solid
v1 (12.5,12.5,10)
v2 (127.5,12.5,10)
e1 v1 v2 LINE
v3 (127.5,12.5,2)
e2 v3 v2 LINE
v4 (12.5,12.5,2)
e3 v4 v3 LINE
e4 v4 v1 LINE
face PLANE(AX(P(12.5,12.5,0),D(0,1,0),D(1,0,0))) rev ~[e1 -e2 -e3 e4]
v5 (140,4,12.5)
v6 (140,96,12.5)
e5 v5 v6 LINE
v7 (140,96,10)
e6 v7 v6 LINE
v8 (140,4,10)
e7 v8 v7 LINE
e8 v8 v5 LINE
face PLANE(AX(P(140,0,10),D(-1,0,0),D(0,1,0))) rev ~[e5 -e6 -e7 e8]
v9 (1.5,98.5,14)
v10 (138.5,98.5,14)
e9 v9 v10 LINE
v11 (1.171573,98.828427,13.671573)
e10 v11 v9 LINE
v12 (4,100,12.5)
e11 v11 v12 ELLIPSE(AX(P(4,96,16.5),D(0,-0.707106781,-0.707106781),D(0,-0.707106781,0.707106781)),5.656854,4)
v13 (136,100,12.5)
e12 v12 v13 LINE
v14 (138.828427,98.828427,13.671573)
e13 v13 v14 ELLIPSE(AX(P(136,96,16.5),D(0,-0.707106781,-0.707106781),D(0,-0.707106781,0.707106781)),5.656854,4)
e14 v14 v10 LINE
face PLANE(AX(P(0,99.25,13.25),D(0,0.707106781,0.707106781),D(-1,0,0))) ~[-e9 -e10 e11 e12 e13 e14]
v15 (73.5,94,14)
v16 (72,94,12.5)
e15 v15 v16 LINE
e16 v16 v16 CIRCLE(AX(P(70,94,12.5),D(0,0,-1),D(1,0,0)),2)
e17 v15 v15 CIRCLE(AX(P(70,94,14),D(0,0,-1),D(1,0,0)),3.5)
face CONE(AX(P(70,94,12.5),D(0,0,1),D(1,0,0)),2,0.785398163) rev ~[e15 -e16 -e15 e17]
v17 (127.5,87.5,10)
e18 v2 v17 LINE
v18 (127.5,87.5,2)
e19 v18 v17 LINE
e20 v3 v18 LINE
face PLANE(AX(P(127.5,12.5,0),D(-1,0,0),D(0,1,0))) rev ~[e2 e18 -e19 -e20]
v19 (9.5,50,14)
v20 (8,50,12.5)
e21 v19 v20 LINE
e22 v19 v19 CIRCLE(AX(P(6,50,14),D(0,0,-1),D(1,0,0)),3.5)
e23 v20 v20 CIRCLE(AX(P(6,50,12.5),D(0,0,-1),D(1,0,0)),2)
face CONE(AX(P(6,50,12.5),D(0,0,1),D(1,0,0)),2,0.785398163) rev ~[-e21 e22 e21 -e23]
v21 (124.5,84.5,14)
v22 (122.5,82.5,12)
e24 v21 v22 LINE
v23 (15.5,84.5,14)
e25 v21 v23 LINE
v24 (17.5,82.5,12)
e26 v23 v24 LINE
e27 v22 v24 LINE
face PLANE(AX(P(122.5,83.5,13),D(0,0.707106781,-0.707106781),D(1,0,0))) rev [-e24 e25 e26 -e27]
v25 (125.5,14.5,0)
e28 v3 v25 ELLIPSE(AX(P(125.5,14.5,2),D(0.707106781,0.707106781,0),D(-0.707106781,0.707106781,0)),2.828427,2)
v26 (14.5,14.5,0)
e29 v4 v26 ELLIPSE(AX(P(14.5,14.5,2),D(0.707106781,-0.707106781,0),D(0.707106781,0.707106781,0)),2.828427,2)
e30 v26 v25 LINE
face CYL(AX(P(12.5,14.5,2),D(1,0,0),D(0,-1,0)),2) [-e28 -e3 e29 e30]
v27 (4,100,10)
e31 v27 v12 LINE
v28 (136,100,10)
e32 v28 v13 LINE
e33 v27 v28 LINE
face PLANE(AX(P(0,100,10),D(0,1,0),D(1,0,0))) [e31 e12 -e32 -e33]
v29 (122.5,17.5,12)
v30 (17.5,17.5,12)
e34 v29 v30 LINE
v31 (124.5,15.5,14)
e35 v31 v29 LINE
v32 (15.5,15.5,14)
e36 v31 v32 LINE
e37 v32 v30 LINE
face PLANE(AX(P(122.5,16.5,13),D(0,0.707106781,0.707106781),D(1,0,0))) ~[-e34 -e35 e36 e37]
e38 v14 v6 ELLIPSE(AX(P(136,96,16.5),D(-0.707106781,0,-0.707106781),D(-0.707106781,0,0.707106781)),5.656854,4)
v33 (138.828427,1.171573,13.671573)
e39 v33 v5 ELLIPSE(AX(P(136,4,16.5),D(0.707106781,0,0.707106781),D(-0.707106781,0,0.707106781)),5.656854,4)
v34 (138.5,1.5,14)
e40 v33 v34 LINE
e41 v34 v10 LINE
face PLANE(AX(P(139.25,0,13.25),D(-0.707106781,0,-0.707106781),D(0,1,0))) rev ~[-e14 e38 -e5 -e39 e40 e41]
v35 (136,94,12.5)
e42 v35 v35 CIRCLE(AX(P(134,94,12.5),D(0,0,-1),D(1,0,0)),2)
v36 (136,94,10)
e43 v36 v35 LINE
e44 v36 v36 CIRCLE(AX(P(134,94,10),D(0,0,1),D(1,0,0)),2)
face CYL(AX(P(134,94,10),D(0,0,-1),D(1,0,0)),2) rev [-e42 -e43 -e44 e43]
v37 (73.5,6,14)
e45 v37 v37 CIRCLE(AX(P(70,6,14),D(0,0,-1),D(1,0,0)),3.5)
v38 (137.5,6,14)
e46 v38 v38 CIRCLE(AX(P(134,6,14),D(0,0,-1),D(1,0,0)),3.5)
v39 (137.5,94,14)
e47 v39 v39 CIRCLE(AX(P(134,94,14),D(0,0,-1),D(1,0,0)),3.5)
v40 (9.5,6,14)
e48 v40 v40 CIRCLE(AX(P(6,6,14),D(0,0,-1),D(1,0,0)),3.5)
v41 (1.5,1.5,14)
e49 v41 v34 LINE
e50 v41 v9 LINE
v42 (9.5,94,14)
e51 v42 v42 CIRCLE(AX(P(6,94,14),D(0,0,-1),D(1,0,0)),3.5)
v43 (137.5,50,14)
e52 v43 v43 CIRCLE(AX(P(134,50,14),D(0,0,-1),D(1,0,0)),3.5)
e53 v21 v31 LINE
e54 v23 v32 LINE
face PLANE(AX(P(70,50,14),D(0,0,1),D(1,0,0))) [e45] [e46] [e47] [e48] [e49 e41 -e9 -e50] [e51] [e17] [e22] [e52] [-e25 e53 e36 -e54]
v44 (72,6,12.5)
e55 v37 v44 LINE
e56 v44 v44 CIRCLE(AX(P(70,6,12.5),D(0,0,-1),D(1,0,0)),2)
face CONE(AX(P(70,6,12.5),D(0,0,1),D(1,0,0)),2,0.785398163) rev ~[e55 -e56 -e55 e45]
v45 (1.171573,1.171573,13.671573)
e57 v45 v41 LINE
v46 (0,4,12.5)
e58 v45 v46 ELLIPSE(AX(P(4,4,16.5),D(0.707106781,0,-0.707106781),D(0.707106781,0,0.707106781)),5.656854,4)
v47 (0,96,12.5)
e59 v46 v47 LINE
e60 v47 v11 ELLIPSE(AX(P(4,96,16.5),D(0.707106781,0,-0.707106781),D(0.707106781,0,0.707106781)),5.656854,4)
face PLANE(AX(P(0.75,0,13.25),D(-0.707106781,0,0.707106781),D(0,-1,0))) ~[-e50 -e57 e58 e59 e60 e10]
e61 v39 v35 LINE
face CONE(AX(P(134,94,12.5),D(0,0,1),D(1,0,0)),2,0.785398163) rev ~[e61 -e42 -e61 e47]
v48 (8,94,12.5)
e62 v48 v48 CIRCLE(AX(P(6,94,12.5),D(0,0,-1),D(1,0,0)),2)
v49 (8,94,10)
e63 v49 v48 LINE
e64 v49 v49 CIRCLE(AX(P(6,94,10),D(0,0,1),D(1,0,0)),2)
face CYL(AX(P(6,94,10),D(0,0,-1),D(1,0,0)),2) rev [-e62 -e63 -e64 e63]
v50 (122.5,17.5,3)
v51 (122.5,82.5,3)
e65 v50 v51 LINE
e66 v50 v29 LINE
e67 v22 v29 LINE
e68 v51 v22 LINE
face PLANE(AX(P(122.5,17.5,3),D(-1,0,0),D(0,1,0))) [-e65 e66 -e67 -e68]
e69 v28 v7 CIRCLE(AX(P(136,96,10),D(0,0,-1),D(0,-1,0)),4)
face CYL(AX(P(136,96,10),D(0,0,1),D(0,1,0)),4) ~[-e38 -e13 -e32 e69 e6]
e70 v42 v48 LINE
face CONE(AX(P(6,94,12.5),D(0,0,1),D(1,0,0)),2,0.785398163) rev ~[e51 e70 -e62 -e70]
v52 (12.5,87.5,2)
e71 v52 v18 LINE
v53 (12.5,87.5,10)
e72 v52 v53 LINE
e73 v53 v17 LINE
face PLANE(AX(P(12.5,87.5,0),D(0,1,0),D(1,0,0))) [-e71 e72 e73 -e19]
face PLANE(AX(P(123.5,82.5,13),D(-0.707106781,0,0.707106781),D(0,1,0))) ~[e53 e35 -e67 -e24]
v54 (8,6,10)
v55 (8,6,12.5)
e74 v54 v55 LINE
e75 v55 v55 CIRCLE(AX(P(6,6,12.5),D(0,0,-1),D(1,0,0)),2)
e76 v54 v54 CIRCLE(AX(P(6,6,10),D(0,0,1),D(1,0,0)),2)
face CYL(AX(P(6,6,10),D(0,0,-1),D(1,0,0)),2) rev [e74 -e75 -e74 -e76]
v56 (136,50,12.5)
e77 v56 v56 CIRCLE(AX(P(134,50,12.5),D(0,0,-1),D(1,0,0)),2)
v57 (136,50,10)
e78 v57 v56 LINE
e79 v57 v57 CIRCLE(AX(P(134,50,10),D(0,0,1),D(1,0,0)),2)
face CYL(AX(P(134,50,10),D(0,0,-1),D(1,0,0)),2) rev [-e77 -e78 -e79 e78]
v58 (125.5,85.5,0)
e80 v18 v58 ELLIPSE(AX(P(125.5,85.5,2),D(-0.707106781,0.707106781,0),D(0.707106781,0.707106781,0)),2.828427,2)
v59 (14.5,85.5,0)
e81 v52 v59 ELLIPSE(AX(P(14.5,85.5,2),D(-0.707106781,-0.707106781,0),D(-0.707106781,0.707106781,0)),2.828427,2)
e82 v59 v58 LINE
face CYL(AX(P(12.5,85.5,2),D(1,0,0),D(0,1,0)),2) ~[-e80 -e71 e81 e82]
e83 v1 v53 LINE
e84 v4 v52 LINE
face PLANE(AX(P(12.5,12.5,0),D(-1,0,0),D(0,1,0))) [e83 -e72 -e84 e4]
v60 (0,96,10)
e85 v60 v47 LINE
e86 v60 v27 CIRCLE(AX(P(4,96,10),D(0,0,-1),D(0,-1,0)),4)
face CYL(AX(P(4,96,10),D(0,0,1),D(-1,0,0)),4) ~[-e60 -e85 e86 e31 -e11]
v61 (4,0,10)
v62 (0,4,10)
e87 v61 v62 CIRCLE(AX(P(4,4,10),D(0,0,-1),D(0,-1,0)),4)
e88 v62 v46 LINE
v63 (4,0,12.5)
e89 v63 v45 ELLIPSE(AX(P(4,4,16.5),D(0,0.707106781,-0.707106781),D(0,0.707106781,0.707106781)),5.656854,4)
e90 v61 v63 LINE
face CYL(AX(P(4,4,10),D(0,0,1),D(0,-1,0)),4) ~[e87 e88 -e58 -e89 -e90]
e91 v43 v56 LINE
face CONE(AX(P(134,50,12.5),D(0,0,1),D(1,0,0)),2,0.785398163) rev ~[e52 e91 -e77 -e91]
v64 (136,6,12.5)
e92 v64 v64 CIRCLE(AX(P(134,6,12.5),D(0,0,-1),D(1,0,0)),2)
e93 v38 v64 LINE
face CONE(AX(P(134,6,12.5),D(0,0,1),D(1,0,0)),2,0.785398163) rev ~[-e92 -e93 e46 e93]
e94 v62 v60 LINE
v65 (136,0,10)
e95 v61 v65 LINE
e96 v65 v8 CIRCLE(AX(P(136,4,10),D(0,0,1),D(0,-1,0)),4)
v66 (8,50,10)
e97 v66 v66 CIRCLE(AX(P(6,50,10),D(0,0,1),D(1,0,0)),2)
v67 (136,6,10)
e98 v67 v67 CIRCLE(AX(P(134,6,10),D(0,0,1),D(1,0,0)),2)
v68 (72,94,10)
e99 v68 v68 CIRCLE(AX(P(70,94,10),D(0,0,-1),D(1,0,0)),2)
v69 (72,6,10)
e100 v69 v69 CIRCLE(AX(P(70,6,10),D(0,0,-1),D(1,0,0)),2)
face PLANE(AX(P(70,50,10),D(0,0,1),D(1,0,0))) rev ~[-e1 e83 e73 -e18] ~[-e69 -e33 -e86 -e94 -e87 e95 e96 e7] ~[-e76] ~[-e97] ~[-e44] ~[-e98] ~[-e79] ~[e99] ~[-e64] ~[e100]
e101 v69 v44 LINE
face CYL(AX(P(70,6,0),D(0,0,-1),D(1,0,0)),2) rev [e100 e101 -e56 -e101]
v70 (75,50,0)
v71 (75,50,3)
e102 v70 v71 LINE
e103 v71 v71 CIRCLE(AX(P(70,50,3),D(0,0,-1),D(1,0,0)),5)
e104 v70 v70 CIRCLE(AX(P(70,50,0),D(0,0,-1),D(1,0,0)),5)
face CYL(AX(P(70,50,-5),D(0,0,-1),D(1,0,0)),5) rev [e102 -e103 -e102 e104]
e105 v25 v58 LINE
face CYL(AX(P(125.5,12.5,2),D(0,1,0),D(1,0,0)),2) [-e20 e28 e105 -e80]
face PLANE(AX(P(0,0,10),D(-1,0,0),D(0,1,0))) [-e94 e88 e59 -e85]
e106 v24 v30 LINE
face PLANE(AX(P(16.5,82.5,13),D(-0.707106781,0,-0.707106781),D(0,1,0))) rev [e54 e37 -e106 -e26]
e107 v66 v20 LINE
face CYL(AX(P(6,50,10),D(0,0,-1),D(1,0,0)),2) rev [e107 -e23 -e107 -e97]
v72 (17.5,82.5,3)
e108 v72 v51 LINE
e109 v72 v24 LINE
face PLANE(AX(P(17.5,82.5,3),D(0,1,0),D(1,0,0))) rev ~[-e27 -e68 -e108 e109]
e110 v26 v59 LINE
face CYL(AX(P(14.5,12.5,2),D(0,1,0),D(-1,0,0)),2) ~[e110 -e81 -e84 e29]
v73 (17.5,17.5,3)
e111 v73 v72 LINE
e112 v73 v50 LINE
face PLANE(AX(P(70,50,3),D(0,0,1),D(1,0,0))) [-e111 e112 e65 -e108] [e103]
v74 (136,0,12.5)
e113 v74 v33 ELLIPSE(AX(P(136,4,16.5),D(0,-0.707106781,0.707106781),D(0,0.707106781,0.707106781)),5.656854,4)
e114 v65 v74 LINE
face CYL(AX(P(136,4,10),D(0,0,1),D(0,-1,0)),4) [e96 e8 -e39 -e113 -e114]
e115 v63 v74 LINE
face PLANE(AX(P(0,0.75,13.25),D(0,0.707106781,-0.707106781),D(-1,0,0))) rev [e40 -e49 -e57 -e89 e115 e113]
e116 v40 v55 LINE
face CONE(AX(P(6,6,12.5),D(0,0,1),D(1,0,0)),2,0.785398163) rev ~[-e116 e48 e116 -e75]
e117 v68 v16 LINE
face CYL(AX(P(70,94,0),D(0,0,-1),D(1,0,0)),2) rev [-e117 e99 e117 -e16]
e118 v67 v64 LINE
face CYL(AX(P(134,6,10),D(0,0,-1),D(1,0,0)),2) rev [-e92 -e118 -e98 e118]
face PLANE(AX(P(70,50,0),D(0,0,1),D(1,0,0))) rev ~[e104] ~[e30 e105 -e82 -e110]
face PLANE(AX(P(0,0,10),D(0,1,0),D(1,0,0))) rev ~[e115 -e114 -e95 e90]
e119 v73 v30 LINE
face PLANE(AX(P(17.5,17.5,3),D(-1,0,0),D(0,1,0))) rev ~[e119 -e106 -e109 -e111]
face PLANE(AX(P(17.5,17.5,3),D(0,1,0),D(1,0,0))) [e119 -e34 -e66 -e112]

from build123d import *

# Parameters (mm, degrees)
CYLINDER008_R     = 2
CYLINDER008_DEPTH = 20
CYLINDER007_R     = 2
CYLINDER007_DEPTH = 20
CYLINDER006_R     = 5
CYLINDER006_DEPTH = 20
BOX002_W          = 105
BOX002_H          = 65
BOX002_DEPTH      = 20
BOX001_W          = 115
BOX001_H          = 75
BOX001_DEPTH      = 10
FILLET_R          = 2
CYLINDER003_R     = 2
CYLINDER003_DEPTH = 10
CYLINDER002_R     = 2
CYLINDER002_DEPTH = 10
CYLINDER004_R     = 2
CYLINDER004_DEPTH = 10
CYLINDER005_R     = 2
CYLINDER005_DEPTH = 10
CYLINDER001_R     = 2
CYLINDER001_DEPTH = 10
CYLINDER_R        = 2
CYLINDER_DEPTH    = 10
BOX_W             = 140
BOX_H             = 100
BOX_DEPTH         = 4
CHAMFER_SIZE      = 1.5
CHAMFER001_SIZE   = 2
FILLET001_R       = 4
FILLET002_R       = 4
CHAMFER002_SIZE   = 1.5


with BuildPart() as cylinder008:
    # Cylinder008 → Cylinder008 (new body)
    with BuildSketch(Plane(origin=(70, 6, 0), x_dir=(1, 0, 0), z_dir=(0, 0, 1))):
        Circle(CYLINDER008_R)
    extrude(amount=CYLINDER008_DEPTH)


with BuildPart() as cylinder007:
    # Cylinder007 → Cylinder007 (new body)
    with BuildSketch(Plane(origin=(70, 94, 0), x_dir=(1, 0, 0), z_dir=(0, 0, 1))):
        Circle(CYLINDER007_R)
    extrude(amount=CYLINDER007_DEPTH)


with BuildPart() as cylinder006:
    # Cylinder006 → Cylinder006 (new body)
    with BuildSketch(Plane(origin=(70, 50, -5), x_dir=(1, 0, 0), z_dir=(0, 0, 1))):
        Circle(CYLINDER006_R)
    extrude(amount=CYLINDER006_DEPTH)


with BuildPart() as cube002:
    # Box002 → Box002 (new body)
    with BuildSketch(Plane(origin=(17.5, 17.5, 3), x_dir=(1, 0, 0), z_dir=(0, 0, 1))):
        with Locations((52.5, 32.5)):
            Rectangle(BOX002_W, BOX002_H)
    extrude(amount=BOX002_DEPTH)


with BuildPart() as fillet_body:
    # Box001 → Box001 (new body)
    with BuildSketch(Plane(origin=(12.5, 12.5, 0), x_dir=(1, 0, 0), z_dir=(0, 0, 1))):
        with Locations((57.5, 37.5)):
            Rectangle(BOX001_W, BOX001_H)
    extrude(amount=BOX001_DEPTH)

    # Fillet
    fillet_edges = [fillet_body.edges().sort_by_distance(p)[0] for p in [
        (12.5, 50, 0),
        (127.5, 50, 0),
        (70, 12.5, 0),
        (70, 87.5, 0),
    ]]
    fillet(fillet_edges, radius=FILLET_R)


with BuildPart() as cylinder003:
    # Cylinder003 → Cylinder003 (new body)
    with BuildSketch(Plane(origin=(6, 94, 0), x_dir=(1, 0, 0), z_dir=(0, 0, 1))):
        Circle(CYLINDER003_R)
    extrude(amount=CYLINDER003_DEPTH)


with BuildPart() as cylinder002:
    # Cylinder002 → Cylinder002 (new body)
    with BuildSketch(Plane(origin=(6, 50, 0), x_dir=(1, 0, 0), z_dir=(0, 0, 1))):
        Circle(CYLINDER002_R)
    extrude(amount=CYLINDER002_DEPTH)


with BuildPart() as cylinder004:
    # Cylinder004 → Cylinder004 (new body)
    with BuildSketch(Plane(origin=(6, 6, 0), x_dir=(1, 0, 0), z_dir=(0, 0, 1))):
        Circle(CYLINDER004_R)
    extrude(amount=CYLINDER004_DEPTH)


with BuildPart() as cylinder005:
    # Cylinder005 → Cylinder005 (new body)
    with BuildSketch(Plane(origin=(134, 94, 0), x_dir=(1, 0, 0), z_dir=(0, 0, 1))):
        Circle(CYLINDER005_R)
    extrude(amount=CYLINDER005_DEPTH)


with BuildPart() as cylinder001:
    # Cylinder001 → Cylinder001 (new body)
    with BuildSketch(Plane(origin=(134, 50, 0), x_dir=(1, 0, 0), z_dir=(0, 0, 1))):
        Circle(CYLINDER001_R)
    extrude(amount=CYLINDER001_DEPTH)


with BuildPart() as cylinder:
    # Cylinder → Cylinder (new body)
    with BuildSketch(Plane(origin=(134, 6, 0), x_dir=(1, 0, 0), z_dir=(0, 0, 1))):
        Circle(CYLINDER_R)
    extrude(amount=CYLINDER_DEPTH)


with BuildPart() as chamfer002:
    # Box → Box (new body)
    with BuildSketch(Plane.XY):
        with Locations((70, 50)):
            Rectangle(BOX_W, BOX_H)
    extrude(amount=BOX_DEPTH)

    # Cut: cut Cylinder
    add(cylinder.part, mode=Mode.SUBTRACT)

    # Cut001: cut Cylinder001
    add(cylinder001.part, mode=Mode.SUBTRACT)

    # Cut002: cut Cylinder005
    add(cylinder005.part, mode=Mode.SUBTRACT)

    # Cut003: cut Cylinder004
    add(cylinder004.part, mode=Mode.SUBTRACT)

    # Cut004: cut Cylinder002
    add(cylinder002.part, mode=Mode.SUBTRACT)

    # Cut005: cut Cylinder003
    add(cylinder003.part, mode=Mode.SUBTRACT)


with BuildPart() as chamfer002_1:
    # Cut005 placement: moved
    add(chamfer002.part.moved(Location((0, 0, 10))))

    # Chamfer
    chamfer_edges = [chamfer002_1.edges().sort_by_distance(p)[0] for p in [
        (4, 50, 14),
        (4, 6, 14),
        (0, 50, 14),
        (70, 100, 14),
        (70, 0, 14),
        (140, 50, 14),
        (4, 94, 14),
        (132, 94, 14),
        (132, 50, 14),
        (132, 6, 14),
    ]]
    chamfer(chamfer_edges, length=CHAMFER_SIZE)

    # Fusion: union Fillet body
    add(fillet_body.part)

    # Cut006: cut Cube002
    add(cube002.part, mode=Mode.SUBTRACT)

    # Cut007: cut Cylinder006
    add(cylinder006.part, mode=Mode.SUBTRACT)

    # Chamfer001
    chamfer001_edges = [chamfer002_1.edges().sort_by_distance(p)[0] for p in [
        (122.5, 50, 14),
        (70, 17.5, 14),
        (17.5, 50, 14),
        (70, 82.5, 14),
    ]]
    chamfer(chamfer001_edges, length=CHAMFER001_SIZE)

    # Fillet001
    fillet001_edges = [chamfer002_1.edges().sort_by_distance(p)[0] for p in [
        (140, 0, 11.25),
        (140, 100, 11.25),
    ]]
    fillet(fillet001_edges, radius=FILLET001_R)

    # Fillet002
    fillet002_edges = [chamfer002_1.edges().sort_by_distance(p)[0] for p in [
        (0, 0, 11.25),
        (0, 100, 11.25),
    ]]
    fillet(fillet002_edges, radius=FILLET002_R)

    # Cut008: cut Cylinder007
    add(cylinder007.part, mode=Mode.SUBTRACT)

    # Cut009: cut Cylinder008
    add(cylinder008.part, mode=Mode.SUBTRACT)

    # Chamfer002
    chamfer002_edges = [chamfer002_1.edges().sort_by_distance(p)[0] for p in [
        (68, 6, 14),
        (68, 94, 14),
    ]]
    chamfer(chamfer002_edges, length=CHAMFER002_SIZE)


solid = chamfer002_1.part
